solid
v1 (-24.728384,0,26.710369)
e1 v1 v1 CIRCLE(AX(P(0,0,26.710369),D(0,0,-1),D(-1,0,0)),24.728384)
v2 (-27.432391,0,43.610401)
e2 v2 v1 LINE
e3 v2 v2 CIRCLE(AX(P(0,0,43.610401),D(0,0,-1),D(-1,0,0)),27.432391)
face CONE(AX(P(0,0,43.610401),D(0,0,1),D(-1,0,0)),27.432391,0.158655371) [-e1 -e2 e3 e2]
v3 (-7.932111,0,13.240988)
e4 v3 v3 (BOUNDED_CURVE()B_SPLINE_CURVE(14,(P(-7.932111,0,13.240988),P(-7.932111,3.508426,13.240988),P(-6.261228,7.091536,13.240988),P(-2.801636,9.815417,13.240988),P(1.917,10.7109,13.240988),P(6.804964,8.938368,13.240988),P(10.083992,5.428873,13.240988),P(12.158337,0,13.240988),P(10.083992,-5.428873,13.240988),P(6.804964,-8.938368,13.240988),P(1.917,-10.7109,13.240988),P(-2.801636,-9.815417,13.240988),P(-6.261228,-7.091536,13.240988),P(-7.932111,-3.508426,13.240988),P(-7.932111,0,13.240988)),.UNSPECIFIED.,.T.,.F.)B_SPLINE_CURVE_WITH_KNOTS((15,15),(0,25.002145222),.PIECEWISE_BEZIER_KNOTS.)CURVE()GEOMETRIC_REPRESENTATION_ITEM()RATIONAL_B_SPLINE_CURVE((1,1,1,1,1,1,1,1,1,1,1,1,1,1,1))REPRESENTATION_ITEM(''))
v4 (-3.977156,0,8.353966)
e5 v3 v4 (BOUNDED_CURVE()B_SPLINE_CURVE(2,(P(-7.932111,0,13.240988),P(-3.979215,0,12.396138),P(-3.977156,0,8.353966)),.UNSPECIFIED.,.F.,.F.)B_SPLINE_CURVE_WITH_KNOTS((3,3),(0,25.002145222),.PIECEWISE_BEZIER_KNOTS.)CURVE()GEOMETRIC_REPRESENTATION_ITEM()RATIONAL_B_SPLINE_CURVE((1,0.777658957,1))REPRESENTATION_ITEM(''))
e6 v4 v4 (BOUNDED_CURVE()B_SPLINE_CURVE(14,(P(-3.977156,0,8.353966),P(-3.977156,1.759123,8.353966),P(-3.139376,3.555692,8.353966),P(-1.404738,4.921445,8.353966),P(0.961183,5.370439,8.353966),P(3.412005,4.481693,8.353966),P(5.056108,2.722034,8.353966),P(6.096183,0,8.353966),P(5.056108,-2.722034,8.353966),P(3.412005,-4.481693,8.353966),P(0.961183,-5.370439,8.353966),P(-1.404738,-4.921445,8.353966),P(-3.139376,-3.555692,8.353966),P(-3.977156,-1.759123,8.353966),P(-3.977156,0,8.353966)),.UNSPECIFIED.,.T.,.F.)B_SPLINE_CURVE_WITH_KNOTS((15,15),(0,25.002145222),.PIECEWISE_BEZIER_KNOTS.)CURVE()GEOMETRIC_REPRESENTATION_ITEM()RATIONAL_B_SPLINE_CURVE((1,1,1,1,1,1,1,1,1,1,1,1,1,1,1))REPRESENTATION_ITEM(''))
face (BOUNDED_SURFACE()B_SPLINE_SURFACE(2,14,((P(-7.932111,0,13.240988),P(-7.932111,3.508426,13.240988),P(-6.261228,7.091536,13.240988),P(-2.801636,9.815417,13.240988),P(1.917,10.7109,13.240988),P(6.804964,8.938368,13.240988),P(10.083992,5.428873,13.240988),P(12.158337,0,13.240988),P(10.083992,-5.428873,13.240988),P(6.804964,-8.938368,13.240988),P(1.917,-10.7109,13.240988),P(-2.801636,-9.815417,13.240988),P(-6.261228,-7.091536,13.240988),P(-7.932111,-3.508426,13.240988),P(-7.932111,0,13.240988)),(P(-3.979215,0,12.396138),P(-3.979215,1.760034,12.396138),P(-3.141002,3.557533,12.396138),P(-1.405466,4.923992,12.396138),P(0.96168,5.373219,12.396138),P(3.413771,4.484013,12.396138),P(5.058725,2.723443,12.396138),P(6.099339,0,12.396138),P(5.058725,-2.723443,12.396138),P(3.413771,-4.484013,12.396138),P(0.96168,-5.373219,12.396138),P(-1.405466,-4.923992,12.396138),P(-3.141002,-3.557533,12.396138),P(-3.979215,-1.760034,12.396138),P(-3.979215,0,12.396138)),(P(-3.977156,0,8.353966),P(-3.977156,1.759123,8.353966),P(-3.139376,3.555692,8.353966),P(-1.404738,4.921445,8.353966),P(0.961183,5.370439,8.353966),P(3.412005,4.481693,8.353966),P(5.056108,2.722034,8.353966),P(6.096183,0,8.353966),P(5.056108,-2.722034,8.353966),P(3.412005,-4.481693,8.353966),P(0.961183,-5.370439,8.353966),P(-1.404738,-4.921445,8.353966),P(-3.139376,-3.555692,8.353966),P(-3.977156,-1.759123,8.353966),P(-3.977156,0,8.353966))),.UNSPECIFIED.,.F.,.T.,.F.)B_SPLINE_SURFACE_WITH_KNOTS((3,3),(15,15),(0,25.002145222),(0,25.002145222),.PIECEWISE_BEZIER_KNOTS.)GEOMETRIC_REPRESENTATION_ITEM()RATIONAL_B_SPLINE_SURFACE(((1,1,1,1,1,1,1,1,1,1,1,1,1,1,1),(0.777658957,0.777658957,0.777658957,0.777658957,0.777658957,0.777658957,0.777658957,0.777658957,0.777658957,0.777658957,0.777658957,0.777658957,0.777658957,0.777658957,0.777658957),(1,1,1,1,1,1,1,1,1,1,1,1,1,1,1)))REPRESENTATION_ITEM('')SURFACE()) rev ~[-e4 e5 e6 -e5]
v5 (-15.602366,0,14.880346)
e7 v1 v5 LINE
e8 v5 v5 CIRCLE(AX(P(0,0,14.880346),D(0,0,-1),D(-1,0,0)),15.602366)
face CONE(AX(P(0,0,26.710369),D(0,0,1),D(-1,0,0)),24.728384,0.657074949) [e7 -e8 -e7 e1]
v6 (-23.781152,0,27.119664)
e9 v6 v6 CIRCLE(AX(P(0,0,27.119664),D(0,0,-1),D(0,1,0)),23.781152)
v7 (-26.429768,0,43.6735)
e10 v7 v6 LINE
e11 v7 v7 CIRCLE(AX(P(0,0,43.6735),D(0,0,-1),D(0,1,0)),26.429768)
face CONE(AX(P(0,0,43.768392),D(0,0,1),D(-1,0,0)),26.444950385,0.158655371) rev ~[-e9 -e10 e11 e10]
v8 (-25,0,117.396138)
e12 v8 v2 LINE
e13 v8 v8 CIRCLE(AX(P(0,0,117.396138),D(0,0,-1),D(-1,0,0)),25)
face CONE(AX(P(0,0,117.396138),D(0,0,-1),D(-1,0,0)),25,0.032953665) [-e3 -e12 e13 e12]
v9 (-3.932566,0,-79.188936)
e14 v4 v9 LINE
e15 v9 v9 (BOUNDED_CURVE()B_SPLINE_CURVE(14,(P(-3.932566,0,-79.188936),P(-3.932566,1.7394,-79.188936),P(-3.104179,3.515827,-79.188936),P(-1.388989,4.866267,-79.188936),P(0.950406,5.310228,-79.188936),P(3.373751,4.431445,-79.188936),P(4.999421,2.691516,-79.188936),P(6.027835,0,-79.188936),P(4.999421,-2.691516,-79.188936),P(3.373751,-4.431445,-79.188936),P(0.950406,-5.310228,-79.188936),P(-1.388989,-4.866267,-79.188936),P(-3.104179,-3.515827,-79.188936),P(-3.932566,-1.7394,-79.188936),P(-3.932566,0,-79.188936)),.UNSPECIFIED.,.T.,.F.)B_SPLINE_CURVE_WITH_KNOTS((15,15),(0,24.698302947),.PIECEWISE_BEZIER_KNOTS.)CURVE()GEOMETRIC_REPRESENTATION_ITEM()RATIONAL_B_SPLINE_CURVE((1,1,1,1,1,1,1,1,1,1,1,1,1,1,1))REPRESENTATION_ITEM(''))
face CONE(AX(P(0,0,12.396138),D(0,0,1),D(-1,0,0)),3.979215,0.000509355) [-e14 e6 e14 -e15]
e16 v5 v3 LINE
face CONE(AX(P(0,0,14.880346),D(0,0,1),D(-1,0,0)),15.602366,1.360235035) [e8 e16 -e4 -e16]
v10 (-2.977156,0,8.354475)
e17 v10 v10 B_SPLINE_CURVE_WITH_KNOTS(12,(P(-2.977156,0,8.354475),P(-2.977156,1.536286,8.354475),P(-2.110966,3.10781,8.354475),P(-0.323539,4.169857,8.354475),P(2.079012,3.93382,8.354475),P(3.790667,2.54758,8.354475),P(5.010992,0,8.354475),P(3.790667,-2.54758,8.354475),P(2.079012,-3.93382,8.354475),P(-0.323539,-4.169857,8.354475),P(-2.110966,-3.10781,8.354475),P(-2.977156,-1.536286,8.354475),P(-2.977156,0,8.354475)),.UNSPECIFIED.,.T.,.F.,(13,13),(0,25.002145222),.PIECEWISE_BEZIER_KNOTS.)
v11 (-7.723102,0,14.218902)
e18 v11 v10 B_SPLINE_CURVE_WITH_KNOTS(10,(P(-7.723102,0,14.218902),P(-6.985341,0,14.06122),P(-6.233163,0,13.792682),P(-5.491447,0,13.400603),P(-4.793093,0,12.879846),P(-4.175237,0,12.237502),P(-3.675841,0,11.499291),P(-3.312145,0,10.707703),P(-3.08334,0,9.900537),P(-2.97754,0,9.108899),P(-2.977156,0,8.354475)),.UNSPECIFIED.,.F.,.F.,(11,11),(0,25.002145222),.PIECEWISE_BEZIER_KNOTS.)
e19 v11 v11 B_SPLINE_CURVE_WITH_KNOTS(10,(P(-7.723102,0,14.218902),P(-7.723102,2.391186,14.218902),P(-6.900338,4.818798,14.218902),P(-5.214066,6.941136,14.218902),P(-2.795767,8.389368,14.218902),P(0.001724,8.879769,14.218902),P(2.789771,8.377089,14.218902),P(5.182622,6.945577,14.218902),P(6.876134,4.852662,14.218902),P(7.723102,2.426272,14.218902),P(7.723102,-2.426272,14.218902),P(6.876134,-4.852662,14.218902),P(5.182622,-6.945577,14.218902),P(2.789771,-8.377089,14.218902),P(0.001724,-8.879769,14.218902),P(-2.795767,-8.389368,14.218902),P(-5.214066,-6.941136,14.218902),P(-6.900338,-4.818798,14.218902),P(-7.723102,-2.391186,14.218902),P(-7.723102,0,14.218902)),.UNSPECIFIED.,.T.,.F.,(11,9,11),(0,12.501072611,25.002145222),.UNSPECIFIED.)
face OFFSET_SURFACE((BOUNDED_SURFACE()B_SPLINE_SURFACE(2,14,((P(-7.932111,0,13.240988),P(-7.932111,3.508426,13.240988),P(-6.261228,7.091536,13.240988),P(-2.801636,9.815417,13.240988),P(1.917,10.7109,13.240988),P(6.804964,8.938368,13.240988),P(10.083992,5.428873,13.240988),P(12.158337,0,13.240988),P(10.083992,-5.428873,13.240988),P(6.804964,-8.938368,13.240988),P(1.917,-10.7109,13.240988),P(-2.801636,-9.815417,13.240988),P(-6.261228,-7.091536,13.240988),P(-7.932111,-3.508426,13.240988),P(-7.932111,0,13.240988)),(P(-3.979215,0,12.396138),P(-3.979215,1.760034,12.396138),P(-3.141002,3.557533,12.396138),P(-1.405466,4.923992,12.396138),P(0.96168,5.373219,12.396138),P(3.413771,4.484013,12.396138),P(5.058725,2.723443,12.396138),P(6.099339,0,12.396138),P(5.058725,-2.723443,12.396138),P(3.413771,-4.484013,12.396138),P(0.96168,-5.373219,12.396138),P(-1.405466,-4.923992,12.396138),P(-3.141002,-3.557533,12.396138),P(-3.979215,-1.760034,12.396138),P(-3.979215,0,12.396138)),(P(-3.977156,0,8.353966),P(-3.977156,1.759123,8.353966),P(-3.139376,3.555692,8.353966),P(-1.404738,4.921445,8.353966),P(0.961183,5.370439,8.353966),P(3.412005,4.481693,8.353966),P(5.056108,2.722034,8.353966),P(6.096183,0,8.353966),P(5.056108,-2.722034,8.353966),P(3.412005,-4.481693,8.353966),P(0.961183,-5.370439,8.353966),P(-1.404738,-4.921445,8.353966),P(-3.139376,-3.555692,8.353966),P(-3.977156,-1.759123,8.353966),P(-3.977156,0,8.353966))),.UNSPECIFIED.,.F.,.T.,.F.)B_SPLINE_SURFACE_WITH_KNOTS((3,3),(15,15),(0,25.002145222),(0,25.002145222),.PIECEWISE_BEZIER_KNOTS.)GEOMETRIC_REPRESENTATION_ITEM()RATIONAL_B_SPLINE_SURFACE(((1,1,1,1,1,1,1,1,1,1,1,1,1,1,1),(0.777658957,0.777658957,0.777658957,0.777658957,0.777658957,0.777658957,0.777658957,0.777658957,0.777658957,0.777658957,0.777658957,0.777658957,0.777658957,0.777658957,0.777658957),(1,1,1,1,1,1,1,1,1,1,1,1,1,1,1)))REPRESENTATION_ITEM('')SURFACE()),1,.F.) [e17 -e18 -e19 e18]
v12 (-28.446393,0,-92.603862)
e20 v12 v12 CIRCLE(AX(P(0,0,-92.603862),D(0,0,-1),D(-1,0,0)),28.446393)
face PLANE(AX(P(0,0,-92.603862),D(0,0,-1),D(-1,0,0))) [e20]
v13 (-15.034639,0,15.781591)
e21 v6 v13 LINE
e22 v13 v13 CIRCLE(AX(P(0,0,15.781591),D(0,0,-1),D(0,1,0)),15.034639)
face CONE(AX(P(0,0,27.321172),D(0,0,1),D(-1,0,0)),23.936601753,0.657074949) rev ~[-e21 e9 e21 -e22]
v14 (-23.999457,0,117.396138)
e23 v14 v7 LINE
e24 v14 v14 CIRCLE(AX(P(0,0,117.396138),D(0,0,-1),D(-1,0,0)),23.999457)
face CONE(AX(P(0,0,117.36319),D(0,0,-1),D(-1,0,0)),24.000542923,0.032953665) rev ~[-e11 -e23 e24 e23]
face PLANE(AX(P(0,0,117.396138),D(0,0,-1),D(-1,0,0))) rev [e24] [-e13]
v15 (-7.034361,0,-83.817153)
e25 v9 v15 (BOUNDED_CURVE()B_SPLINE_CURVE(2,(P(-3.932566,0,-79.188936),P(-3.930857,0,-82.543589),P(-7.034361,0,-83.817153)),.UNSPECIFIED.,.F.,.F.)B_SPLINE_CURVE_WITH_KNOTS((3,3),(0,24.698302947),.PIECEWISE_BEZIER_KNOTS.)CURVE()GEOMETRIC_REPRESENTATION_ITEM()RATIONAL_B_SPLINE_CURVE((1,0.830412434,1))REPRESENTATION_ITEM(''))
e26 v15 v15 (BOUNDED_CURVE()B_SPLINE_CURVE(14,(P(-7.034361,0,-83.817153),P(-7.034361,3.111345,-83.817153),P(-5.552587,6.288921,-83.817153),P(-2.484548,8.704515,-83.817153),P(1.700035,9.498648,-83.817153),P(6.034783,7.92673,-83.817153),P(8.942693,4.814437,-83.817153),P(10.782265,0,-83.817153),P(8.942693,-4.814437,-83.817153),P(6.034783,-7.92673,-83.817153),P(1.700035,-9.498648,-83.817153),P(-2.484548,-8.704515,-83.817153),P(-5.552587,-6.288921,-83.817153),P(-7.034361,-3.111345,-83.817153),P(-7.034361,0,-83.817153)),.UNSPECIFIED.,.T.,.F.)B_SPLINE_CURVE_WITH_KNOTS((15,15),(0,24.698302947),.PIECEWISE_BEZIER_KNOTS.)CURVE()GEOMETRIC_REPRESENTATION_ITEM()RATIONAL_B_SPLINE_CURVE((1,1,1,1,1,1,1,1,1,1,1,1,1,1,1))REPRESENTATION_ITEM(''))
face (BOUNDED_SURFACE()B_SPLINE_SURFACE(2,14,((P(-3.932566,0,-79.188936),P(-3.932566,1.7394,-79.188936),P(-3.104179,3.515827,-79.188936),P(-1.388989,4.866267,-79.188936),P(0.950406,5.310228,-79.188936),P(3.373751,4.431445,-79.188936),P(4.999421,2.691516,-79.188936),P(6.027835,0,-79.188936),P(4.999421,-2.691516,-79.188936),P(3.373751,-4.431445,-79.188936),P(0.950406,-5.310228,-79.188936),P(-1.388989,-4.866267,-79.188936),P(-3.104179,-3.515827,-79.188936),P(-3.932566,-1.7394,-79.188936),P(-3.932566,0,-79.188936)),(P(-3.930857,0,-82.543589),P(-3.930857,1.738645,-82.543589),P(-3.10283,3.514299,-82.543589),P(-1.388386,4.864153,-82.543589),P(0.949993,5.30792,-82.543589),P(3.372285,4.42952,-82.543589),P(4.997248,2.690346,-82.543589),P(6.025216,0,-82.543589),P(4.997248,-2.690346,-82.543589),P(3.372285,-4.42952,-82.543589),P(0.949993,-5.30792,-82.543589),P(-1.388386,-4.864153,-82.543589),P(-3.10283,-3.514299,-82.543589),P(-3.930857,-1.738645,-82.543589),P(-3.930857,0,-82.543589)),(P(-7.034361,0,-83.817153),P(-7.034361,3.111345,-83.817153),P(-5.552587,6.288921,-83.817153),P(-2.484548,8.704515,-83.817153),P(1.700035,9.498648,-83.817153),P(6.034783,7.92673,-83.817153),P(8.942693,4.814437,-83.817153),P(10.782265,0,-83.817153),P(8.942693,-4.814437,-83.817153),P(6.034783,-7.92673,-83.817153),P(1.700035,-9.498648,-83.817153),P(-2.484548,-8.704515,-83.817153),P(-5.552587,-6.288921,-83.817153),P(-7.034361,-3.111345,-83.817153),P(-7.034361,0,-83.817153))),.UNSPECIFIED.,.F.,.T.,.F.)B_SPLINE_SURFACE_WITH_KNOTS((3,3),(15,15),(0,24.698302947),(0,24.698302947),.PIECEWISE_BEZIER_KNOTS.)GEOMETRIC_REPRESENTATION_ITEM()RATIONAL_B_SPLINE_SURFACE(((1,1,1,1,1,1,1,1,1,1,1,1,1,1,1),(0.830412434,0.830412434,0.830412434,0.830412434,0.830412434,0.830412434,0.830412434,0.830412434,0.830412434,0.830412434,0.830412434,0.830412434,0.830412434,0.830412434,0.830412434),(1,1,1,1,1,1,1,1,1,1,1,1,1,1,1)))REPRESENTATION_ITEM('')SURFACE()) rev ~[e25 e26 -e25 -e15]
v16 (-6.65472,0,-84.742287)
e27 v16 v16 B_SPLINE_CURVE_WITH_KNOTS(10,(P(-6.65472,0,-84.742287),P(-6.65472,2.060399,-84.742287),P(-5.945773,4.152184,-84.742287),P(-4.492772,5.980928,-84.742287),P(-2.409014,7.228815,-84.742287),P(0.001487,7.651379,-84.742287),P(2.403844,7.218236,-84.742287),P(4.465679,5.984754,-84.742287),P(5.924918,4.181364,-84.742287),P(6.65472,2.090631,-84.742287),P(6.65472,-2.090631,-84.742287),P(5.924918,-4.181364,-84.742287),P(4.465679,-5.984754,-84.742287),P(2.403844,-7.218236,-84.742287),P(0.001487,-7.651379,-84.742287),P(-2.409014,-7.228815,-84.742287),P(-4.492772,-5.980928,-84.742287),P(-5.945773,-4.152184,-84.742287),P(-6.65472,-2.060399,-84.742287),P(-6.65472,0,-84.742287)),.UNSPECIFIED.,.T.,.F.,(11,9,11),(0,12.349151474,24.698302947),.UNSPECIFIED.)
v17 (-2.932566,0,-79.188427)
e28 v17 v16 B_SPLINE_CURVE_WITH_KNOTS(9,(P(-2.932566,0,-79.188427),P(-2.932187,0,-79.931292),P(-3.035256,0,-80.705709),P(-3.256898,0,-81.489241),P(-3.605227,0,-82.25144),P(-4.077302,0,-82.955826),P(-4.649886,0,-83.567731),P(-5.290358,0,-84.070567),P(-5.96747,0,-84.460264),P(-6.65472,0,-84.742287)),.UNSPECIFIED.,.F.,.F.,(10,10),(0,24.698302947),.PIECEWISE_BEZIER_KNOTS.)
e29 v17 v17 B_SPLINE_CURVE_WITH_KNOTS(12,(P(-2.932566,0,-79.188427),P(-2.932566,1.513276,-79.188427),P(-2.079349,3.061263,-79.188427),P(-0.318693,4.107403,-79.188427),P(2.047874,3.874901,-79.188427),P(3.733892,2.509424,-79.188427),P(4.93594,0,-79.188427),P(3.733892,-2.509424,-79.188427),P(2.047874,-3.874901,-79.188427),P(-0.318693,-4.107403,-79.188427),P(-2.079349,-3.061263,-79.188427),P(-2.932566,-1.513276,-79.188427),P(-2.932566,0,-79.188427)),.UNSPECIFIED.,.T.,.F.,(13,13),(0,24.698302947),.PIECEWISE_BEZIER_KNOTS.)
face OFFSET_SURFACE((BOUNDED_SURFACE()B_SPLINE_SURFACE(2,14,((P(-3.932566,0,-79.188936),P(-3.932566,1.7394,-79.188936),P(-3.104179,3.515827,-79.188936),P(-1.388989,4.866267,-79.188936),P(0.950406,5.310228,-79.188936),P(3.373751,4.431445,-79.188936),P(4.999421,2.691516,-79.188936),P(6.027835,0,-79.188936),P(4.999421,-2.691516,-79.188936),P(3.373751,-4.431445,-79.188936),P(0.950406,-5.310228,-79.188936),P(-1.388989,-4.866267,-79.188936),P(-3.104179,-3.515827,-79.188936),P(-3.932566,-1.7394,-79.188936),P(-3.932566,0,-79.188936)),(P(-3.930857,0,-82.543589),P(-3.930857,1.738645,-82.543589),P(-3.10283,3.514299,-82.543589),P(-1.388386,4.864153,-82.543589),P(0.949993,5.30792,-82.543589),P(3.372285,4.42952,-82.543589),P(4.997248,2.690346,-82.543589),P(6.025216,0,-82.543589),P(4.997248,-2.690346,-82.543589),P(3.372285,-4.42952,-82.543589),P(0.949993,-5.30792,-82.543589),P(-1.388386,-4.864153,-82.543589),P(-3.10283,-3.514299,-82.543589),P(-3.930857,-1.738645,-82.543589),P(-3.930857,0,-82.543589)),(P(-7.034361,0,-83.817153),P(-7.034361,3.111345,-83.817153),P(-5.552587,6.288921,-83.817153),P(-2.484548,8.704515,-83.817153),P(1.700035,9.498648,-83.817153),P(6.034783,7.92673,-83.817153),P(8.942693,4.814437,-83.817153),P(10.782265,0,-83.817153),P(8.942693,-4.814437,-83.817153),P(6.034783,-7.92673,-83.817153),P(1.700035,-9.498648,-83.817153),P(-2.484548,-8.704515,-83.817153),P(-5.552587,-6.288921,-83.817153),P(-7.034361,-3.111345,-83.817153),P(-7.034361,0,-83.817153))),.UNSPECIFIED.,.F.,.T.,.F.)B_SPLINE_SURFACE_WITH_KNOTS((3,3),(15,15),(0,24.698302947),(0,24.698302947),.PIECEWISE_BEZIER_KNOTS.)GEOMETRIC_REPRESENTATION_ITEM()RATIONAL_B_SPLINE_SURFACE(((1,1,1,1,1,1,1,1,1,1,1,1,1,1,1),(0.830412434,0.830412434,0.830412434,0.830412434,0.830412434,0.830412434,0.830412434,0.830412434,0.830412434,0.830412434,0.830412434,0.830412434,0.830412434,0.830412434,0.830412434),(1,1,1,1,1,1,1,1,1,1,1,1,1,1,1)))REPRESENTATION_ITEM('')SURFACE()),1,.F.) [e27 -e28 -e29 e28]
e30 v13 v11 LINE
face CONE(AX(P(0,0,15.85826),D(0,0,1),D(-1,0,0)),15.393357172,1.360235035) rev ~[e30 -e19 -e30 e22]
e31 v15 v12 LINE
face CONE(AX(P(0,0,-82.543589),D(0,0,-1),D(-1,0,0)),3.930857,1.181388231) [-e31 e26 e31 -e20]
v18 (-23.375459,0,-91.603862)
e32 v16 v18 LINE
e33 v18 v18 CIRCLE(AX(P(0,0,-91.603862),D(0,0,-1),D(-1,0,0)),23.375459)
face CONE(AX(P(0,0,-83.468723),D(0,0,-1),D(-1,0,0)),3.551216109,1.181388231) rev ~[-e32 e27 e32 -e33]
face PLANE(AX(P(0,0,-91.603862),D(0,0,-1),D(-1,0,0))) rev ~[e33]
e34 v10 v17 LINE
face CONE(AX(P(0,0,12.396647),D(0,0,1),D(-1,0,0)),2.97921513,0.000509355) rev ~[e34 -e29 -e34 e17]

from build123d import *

# Parameters (mm, degrees)
F2_R = 5
F3_T = -1


with BuildPart() as f1:
    # F0 (on Front) → F1 (revolve)
    with BuildSketch(Plane.XZ):
        Polygon((0, 117.396138), (-25, 117.396138), (-27.432391, 43.610401), (-24.728384, 26.710369), (-15.602366, 14.880346), (-3.979215, 12.396138), (-3.930857, -82.543589), (-28.446393, -92.603862), (0, -92.603862), align=None)
    revolve(axis=Axis((0, 0, 12.396138), (0, 0, -1)))

    # F2
    f2_edges = [f1.edges().sort_by_distance(p)[0] for p in [
        (3.930857, 0, -82.543589),
        (3.979215, 0, 12.396138),
    ]]
    fillet(f2_edges, radius=F2_R)

    # F3
    f3_openings = [f1.faces().sort_by_distance(p)[0] for p in [
        (0, 0, 117.396138),
    ]]
    offset(amount=F3_T, openings=f3_openings)


solid = f1.part
